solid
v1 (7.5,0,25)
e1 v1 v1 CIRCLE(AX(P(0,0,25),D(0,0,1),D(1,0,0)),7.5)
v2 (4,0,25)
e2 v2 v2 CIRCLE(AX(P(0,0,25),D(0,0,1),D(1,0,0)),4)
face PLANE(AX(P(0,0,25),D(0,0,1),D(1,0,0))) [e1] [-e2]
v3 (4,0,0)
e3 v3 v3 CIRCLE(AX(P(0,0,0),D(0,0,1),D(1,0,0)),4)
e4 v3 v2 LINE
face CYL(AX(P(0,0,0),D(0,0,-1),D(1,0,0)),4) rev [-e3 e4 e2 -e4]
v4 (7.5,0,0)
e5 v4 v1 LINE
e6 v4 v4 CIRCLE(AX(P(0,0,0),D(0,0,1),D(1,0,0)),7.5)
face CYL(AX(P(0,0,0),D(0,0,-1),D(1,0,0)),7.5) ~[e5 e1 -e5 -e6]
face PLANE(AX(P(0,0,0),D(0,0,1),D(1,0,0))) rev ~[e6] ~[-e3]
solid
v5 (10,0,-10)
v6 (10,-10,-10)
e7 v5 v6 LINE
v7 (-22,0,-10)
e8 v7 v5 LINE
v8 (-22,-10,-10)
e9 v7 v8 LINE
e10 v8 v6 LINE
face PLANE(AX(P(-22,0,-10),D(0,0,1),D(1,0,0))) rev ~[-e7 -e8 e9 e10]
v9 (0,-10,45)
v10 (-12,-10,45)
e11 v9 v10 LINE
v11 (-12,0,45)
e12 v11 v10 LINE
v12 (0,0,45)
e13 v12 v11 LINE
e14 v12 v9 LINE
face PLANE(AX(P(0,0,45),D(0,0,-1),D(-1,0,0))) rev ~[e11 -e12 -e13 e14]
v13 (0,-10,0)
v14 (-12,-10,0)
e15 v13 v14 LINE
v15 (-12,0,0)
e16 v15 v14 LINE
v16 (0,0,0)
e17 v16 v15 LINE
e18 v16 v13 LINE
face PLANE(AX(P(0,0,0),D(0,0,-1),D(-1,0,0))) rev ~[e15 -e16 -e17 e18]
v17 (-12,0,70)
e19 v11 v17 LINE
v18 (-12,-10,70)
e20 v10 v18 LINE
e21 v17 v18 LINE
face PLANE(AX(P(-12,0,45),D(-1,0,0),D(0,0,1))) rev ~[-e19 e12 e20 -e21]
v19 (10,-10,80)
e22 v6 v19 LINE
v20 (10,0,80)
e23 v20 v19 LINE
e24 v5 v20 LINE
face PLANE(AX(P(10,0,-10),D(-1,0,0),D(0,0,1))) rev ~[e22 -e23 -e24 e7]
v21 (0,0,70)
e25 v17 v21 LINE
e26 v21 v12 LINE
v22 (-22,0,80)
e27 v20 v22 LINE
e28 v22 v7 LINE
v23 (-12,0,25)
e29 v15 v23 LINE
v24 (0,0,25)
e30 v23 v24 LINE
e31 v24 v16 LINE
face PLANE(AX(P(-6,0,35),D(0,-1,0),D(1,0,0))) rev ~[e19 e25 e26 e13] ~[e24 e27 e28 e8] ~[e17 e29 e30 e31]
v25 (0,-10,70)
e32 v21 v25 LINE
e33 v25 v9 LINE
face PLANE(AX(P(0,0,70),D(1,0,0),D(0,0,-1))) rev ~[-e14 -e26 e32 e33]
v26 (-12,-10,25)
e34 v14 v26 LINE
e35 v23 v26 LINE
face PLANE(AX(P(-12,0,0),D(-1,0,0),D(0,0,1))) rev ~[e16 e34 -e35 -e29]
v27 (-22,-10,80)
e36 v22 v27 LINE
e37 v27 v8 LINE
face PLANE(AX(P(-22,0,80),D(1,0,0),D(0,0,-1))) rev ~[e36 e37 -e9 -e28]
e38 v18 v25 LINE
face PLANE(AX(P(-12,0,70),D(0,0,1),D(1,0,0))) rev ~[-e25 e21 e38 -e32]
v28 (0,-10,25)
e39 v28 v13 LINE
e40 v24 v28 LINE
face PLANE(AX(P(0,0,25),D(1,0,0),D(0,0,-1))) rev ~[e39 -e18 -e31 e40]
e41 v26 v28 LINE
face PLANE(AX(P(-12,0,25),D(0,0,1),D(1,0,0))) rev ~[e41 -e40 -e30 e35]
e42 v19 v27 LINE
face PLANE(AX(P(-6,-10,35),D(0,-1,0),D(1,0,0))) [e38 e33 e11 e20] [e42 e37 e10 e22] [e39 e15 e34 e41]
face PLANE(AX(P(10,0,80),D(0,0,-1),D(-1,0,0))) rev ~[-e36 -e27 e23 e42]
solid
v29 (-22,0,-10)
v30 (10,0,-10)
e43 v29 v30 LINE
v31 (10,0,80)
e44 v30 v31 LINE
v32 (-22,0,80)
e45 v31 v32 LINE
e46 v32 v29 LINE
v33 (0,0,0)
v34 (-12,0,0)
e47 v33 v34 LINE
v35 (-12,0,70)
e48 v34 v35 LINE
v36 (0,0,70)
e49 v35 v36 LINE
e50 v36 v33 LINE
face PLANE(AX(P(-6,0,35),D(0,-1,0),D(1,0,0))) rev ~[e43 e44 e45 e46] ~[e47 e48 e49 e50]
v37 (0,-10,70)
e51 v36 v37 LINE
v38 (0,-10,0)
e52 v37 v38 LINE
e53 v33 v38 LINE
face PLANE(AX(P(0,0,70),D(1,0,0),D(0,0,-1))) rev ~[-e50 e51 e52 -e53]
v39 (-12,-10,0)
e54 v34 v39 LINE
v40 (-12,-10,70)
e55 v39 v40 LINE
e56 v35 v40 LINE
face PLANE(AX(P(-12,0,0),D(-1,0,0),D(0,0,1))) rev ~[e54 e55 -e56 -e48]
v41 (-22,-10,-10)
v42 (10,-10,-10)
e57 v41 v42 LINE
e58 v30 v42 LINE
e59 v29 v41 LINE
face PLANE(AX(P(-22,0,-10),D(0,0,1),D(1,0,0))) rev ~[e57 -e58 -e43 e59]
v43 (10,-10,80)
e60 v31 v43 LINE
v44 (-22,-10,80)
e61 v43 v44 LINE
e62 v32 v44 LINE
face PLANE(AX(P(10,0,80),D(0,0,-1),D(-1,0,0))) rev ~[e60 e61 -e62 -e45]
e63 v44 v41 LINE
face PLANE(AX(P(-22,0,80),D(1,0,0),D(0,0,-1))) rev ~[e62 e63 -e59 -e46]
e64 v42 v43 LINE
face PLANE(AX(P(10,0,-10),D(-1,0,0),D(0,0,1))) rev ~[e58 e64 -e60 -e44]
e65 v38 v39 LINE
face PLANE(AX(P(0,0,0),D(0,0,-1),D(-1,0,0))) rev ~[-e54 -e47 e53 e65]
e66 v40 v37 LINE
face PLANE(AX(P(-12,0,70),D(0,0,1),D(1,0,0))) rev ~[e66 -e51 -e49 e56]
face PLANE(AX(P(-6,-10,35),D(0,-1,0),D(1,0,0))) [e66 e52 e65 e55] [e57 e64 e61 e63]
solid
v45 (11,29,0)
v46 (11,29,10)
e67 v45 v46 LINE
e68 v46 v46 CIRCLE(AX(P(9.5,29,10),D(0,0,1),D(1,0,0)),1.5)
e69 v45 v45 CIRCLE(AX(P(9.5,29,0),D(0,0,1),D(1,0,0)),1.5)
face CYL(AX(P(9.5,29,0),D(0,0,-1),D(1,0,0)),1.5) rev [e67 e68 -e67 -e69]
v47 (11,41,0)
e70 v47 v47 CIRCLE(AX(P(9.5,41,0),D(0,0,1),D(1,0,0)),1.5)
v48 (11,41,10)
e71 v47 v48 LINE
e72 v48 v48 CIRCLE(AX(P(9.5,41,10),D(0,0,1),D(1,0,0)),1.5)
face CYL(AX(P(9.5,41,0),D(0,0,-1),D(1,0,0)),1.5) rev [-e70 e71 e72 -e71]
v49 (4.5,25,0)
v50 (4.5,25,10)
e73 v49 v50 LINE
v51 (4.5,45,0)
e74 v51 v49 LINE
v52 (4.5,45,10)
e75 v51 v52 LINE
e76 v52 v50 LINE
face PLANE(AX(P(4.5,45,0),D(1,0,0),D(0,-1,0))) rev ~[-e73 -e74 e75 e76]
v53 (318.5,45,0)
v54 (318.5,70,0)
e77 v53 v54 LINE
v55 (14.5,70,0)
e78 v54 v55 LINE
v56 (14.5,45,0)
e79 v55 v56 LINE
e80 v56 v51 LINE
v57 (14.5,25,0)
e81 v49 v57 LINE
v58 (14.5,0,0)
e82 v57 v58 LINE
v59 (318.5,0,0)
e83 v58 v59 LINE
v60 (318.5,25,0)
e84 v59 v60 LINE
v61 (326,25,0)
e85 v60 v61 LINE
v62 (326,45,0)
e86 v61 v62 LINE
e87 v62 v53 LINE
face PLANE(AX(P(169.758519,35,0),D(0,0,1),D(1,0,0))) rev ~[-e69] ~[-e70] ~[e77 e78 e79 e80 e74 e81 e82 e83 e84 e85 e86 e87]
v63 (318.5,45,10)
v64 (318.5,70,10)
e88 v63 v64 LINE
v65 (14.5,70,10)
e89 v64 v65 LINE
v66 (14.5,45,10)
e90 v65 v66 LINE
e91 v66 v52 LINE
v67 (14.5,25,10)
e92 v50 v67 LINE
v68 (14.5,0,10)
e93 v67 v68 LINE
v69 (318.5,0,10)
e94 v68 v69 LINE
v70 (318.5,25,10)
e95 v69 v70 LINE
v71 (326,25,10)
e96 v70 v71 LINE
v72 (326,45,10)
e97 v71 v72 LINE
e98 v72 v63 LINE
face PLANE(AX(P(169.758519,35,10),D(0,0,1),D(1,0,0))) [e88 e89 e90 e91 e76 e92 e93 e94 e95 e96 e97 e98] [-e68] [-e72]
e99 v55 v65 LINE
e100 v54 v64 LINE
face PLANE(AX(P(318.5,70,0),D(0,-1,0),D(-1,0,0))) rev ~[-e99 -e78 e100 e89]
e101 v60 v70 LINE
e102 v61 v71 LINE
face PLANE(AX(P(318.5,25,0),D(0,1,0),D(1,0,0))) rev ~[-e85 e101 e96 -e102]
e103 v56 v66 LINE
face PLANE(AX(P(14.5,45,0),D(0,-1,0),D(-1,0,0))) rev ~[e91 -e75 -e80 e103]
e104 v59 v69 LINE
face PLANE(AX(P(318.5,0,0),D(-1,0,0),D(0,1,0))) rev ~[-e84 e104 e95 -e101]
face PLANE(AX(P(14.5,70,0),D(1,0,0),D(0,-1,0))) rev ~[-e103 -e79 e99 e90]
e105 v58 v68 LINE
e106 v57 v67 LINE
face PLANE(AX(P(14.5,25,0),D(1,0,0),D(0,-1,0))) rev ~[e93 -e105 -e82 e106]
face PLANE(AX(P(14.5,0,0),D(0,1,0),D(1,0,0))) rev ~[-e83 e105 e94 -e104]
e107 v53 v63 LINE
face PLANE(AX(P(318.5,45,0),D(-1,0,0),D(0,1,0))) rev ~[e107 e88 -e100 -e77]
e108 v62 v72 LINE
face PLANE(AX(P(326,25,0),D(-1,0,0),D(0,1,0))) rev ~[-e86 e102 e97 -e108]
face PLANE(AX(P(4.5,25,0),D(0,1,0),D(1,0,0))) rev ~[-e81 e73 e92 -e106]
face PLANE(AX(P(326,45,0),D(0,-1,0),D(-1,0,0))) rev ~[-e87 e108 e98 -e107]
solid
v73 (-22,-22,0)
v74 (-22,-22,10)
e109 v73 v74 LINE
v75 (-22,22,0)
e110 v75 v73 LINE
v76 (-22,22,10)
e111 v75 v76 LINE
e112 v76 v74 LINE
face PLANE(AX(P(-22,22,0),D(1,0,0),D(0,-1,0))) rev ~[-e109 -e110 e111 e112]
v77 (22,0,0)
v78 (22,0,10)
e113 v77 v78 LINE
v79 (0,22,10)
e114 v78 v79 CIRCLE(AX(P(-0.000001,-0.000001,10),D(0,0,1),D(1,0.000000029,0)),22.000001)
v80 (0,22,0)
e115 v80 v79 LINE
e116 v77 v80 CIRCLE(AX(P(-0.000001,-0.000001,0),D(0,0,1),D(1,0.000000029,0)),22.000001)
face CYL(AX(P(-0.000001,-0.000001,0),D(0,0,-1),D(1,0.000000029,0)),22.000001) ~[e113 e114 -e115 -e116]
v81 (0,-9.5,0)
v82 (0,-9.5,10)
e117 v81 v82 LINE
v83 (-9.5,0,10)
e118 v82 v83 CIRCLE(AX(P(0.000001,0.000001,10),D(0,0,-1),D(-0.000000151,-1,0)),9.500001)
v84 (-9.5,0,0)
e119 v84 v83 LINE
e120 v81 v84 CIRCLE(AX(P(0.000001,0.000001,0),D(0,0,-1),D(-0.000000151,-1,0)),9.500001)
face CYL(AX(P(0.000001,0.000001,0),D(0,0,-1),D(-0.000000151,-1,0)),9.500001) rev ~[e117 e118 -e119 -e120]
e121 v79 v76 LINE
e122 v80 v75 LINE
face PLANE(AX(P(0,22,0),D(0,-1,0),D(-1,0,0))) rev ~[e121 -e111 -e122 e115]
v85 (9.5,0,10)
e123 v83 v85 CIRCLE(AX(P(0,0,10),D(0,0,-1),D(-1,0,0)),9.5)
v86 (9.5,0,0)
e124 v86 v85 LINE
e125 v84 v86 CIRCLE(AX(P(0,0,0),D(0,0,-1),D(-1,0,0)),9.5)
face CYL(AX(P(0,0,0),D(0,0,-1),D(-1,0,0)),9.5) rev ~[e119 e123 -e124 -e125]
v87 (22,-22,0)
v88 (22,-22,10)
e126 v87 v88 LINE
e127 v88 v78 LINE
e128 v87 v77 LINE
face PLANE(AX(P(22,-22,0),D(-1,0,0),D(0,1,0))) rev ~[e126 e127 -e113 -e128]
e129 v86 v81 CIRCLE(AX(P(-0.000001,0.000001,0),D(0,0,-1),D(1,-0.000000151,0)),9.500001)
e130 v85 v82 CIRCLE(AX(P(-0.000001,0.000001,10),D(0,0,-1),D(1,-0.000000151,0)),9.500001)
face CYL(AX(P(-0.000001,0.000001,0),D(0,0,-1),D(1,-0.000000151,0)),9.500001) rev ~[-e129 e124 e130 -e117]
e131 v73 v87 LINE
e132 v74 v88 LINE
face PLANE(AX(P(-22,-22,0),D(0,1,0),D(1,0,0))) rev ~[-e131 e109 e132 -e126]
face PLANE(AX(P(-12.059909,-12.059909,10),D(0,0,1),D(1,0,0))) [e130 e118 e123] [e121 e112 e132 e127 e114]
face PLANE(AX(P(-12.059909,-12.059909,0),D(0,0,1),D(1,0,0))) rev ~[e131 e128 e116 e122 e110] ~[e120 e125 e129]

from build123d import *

# Parameters (mm, degrees)
F1_DEPTH = 10
F2_R     = 1.5
F3_DEPTH = 10
F4_R     = 7.5
F4_R_2   = 4
F5_DEPTH = 25
F7_DEPTH = 10
F8_DEPTH = 10


with BuildPart() as f1:
    # F0 (on Top) → F1 (new body)
    with BuildSketch(Plane.XY):
        with BuildLine():
            ThreePointArc((0, -9.5), (-6.717514, -6.717514), (-9.5, 0))
            Line((-9.5, 0), (-22, 0))
            Line((-22, 0), (-22, -22))
            Line((-22, -22), (0, -22))
            Line((0, -22), (0, -9.5))
        make_face()
        with BuildLine():
            ThreePointArc((-9.5, 0), (0, 9.5), (9.5, 0))
            ThreePointArc((9.5, 0), (6.717514, -6.717514), (0, -9.5))
            Line((0, -9.5), (0, -22))
            Line((0, -22), (22, -22))
            Line((22, -22), (22, 0))
            ThreePointArc((22, 0), (15.556349, 15.556349), (0, 22))
            Line((0, 22), (-22, 22))
            Line((-22, 22), (-22, 0))
            Line((-22, 0), (-9.5, 0))
        make_face()
    extrude(amount=F1_DEPTH)


with BuildPart() as f3:
    # F2 (on Top) → F3 (new body)
    with BuildSketch(Plane.XY):
        Polygon((14.5, 25), (14.5, 0), (318.5, 0), (318.5, 25), (326, 25), (326, 45), (318.5, 45), (318.5, 70), (14.5, 70), (14.5, 45), (14.5, 41), (14.5, 29), align=None)
        Polygon((4.5, 25), (14.5, 25), (14.5, 29), (14.5, 41), (14.5, 45), (4.5, 45), align=None)
        with Locations((9.5, 29)):
            Circle(F2_R, mode=Mode.SUBTRACT)
        with Locations((9.5, 41)):
            Circle(F2_R, mode=Mode.SUBTRACT)
    extrude(amount=F3_DEPTH)


with BuildPart() as f5:
    # F4 (on Top) → F5 (new body)
    with BuildSketch(Plane.XY):
        Circle(F4_R)
        Circle(F4_R_2, mode=Mode.SUBTRACT)
    extrude(amount=F5_DEPTH)


with BuildPart() as f7:
    # F6 (on Front) → F7 (new body)
    with BuildSketch(Plane.XZ):
        Polygon((10, -10), (10, 0), (10, 80), (-22, 80), (-22, -10), align=None)
        Polygon((0, 25), (0, 0), (-12, 0), (-12, 25), (-12, 45), (-12, 70), (0, 70), (0, 45), align=None, mode=Mode.SUBTRACT)
        Polygon((-6, 25), (0, 25), (0, 45), (-12, 45), (-12, 25), align=None)
    extrude(amount=F7_DEPTH)


with BuildPart() as f8:
    # F6 (on Front) → F8 (new body)
    with BuildSketch(Plane.XZ):
        Polygon((10, -10), (10, 0), (10, 80), (-22, 80), (-22, -10), align=None)
        Polygon((0, 25), (0, 0), (-12, 0), (-12, 25), (-12, 45), (-12, 70), (0, 70), (0, 45), align=None, mode=Mode.SUBTRACT)
    extrude(amount=F8_DEPTH)


solid = Compound([f1.part, f3.part, f5.part, f7.part, f8.part])
